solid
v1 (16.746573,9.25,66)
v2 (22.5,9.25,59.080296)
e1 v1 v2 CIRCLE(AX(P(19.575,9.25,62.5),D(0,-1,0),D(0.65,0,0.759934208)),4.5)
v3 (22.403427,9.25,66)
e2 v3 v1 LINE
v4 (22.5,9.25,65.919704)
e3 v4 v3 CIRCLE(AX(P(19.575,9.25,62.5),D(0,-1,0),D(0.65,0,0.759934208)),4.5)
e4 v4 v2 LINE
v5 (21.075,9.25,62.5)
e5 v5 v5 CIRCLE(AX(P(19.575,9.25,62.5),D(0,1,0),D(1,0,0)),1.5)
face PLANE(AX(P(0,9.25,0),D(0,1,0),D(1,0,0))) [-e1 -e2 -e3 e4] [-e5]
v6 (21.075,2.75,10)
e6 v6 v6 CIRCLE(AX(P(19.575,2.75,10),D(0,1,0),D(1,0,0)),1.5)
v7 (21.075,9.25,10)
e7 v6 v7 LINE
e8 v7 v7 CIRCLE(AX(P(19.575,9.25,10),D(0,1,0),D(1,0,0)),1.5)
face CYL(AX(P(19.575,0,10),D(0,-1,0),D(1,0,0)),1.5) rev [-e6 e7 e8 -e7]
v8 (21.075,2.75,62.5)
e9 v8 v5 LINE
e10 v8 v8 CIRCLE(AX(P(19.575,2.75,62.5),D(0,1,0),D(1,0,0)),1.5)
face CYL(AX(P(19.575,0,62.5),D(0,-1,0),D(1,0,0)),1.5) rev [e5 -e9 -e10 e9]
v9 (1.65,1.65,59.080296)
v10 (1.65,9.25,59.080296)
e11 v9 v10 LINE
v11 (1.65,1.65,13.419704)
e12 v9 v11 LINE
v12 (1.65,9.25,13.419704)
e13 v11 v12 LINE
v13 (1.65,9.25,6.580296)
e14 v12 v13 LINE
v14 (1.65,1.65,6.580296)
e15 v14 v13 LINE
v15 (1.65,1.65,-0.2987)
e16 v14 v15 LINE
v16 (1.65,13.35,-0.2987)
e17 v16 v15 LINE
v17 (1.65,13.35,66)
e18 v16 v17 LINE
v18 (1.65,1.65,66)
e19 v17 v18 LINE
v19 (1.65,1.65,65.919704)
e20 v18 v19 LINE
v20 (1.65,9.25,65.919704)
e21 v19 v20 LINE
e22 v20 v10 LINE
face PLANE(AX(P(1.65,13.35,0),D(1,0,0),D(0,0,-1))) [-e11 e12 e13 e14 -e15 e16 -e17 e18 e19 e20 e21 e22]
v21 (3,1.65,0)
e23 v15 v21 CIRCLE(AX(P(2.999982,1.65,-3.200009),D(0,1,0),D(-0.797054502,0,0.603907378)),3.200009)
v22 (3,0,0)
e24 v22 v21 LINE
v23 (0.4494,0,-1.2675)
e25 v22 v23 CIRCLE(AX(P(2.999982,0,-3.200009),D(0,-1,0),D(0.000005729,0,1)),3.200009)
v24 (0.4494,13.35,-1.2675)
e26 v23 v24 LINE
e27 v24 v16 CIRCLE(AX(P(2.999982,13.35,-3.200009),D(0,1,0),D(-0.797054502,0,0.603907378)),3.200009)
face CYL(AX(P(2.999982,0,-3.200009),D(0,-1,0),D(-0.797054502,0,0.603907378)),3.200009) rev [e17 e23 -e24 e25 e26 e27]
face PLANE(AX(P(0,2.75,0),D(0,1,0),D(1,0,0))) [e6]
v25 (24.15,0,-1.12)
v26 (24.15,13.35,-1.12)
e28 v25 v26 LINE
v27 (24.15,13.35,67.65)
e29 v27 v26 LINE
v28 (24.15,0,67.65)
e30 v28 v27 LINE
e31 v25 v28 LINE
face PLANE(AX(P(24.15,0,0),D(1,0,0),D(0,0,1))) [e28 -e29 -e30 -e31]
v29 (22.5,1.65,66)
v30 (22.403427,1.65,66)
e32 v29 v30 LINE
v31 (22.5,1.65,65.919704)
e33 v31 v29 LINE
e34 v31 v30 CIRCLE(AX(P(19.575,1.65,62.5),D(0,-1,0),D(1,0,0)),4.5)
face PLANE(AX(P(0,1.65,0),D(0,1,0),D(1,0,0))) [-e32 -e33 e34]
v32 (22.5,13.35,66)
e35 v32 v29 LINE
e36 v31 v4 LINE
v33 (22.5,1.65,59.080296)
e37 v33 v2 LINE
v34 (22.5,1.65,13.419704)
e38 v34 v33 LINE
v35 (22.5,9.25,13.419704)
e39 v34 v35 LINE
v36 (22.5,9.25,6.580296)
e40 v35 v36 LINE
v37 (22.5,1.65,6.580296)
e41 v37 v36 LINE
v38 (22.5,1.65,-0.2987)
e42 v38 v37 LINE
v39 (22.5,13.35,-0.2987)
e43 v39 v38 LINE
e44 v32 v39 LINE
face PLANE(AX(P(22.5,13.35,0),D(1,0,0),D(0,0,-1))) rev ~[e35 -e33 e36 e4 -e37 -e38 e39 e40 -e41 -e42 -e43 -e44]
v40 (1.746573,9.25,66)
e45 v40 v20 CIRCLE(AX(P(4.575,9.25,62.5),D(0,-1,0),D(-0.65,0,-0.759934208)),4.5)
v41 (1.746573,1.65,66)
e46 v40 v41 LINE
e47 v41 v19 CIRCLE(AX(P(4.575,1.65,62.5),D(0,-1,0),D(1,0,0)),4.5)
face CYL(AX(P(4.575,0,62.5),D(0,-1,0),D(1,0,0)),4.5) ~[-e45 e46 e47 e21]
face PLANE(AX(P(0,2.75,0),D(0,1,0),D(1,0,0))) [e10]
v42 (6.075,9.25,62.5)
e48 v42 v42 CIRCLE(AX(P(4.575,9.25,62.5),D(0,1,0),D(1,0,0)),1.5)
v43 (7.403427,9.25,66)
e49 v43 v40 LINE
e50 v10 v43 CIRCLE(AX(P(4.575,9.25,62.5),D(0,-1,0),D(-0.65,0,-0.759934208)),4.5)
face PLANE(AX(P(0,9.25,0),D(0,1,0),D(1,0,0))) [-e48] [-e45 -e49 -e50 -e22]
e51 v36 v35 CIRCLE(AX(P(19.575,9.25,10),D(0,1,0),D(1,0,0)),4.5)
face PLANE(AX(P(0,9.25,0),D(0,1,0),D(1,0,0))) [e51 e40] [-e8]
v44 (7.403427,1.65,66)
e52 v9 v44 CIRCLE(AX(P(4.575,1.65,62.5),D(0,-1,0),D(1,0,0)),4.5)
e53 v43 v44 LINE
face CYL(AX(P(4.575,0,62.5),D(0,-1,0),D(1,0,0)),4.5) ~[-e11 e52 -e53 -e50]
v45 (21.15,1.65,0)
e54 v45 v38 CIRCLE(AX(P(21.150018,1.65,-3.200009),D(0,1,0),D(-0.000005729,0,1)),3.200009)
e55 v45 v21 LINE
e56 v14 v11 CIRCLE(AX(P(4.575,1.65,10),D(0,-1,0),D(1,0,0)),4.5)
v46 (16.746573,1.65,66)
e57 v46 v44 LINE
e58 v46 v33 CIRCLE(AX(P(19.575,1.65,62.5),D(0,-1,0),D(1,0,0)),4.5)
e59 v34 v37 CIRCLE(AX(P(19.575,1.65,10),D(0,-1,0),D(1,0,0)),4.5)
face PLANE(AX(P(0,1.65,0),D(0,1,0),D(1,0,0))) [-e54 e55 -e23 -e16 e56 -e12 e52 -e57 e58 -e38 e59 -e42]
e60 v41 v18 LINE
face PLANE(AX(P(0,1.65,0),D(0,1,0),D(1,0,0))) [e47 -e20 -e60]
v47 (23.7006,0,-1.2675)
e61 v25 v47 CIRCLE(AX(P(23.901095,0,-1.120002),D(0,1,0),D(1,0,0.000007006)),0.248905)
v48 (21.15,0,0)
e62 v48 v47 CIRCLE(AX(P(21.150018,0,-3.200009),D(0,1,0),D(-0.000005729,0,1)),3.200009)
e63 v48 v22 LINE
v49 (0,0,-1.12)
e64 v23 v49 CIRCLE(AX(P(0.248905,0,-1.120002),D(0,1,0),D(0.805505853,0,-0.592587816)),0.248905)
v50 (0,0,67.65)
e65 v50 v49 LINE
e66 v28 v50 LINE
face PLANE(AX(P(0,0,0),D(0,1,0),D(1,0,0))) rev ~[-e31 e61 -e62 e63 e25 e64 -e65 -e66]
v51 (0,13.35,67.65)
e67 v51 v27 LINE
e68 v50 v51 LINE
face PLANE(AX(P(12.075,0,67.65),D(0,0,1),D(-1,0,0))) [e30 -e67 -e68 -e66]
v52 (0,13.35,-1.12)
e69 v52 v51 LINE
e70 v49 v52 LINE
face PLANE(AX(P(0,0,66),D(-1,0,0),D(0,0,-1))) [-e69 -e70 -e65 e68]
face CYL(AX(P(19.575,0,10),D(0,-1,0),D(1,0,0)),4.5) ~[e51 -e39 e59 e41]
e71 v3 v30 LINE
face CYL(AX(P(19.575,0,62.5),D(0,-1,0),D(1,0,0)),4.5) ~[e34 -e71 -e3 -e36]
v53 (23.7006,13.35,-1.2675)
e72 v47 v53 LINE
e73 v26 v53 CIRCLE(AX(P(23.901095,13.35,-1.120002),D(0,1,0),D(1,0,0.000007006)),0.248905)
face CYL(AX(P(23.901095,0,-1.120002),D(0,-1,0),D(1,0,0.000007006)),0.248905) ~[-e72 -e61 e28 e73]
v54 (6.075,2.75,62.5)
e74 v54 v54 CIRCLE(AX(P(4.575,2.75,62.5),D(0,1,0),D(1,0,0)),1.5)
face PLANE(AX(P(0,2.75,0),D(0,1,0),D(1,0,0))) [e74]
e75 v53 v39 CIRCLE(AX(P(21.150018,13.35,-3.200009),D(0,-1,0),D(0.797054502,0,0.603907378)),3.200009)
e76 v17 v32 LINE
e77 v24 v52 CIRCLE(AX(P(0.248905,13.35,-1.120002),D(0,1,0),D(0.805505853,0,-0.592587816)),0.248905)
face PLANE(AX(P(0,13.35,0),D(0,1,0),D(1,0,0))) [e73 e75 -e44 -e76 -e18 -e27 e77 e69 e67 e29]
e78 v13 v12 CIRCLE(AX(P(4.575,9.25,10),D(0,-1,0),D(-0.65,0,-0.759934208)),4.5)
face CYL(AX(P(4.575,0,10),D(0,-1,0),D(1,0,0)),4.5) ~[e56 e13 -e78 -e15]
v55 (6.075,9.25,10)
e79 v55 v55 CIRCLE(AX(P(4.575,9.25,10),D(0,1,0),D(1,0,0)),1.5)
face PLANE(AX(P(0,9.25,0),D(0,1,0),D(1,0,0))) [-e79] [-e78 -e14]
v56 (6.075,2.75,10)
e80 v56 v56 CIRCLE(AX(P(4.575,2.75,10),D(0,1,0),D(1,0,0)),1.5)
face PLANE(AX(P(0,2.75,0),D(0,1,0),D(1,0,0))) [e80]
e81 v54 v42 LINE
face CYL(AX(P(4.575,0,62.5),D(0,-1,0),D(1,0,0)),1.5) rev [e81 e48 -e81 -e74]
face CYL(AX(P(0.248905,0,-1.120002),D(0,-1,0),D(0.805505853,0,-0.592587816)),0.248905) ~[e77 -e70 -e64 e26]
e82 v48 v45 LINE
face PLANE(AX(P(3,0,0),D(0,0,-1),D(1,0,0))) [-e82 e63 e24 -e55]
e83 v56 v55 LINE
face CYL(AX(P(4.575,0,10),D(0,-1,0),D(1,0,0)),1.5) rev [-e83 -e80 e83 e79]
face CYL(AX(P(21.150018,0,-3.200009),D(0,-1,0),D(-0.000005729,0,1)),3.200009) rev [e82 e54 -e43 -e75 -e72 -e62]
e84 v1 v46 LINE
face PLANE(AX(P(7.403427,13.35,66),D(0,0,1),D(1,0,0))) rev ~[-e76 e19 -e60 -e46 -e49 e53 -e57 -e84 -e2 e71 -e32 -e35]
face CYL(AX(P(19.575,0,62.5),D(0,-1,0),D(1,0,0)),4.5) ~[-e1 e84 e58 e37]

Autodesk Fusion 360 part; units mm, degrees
sketch "スケッチ3" plane through (0, 0, 0) normal (0, 1, 0) x (1, 0, 0)
  line L0 (0, 0) -> (24.15, 0)
  line L1 (24.15, 0) -> (24.15, -67.65)
  line L2 (24.15, -67.65) -> (0, -67.65)
  line L3 (0, -67.65) -> (0, 0)
  arc A0 (21.15, 0) -> (23.7006, 1.2675) centre (21.15, 3.2) ccw
  line L4 (21.15, 3.2) -> (21.15, 0) construction
  line L5 (21.15, 3.2) -> (23.7006, 1.2675) construction
  line L6 (24.15, 0) -> (24.15, 1.12)
  arc A1 (24.15, 1.12) -> (23.7006, 1.2675) centre (23.9011, 1.12) ccw
  line L7 (22.5, -67.65) -> (22.5, 0.2987)
  line L8 (0, -66) -> (24, -66)
  circle A2 centre (19.575, -10) radius 1.5
  line L9 (12.075, -67.65) -> (12.075, 0)
  circle A3 centre (19.575, -62.5) radius 1.5
  arc A4 (0.4494, 1.2675) -> (3, 0) centre (3, 3.2) ccw
  line L10 (0, 0) -> (0, 1.12)
  arc A5 (0.4494, 1.2675) -> (0, 1.12) centre (0.2489, 1.12) ccw
  line L11 (1.65, -67.65) -> (1.65, 0.2987)
  circle A6 centre (4.575, -62.5) radius 1.5
  circle A7 centre (4.575, -10) radius 1.5
  circle A8 centre (6.575, -46.5) radius 1
  circle A9 centre (19.575, -62.5) radius 4.5
  circle A10 centre (19.575, -10) radius 4.5
  circle A11 centre (4.575, -62.5) radius 4.5
  circle A12 centre (4.575, -10) radius 4.5
  point P0 (21.15, 0)
  point P1 (21.15, 3.2)
  point P2 (23.9, 0.8469)
  dimension "d1" = 24.15
  dimension "d4" = 3.2
  dimension "d5" = 3
  dimension "d6" = 52.85
  dimension "d10" = 1.12
  dimension "d12" = 1.65
  dimension "d13" = 1.65
  dimension "d14" = 3
  dimension "d15" = 10
  dimension "d16" = 12.075
  dimension "d17" = 7.5
  dimension "d18" = 3
  dimension "d19" = 62.5
  dimension "d20" = 66
  dimension "d21" = 2
  dimension "d22" = 5.5
  dimension "d23" = 46.5
  dimension "d31" = 9
  dimension "d32" = 9
  dimension "d33" = 7.5
extrude "押し出し1" add sketch "スケッチ3" along normal blind 13.35 contours L0 L8 L9 L11 A11 A12 | L0 A4 L11 | L0 L7 L8 L9 A9 A10 | L0 L3 L8 L11 A11 A12 | L0 A4 L10 A5 L11 | L0 A0 L7 | L2 L8 L9 L11 A11 | L2 L7 L8 L9 A9 | L11 A12 | L11 A12 | L0 A0 L6 A1 L7 | L0 L1 L2 L7 A9 A10 | L8 A11 | L8 L11 A11 | L7 L8 A9 | L8 A9 | L2 L3 L8 L11 | L7 A10 | L7 A10 | L8 L11 A11 | L7 L8 A9 | L7 A9 | L11 A11 | A2 | A3 | A6 | A7 | A8
extrude "押し出し3" cut sketch "スケッチ3" against normal blind 11.7 from surface at 13.35 contours L0 L8 L9 L11 A11 A12 | L0 A4 L11 | L0 L7 L8 L9 A9 A10 | L0 A0 L7 | L11 A12 | L8 L11 A11 | L7 L8 A9 | L7 A10 | L8 L11 A11 | L7 L8 A9 | A2 | A3 | A6 | A7 | A8 picked at (2.125, -10) picked at (22.025, -10)
extrude "押し出し4" add sketch "スケッチ3" along normal blind 9.25 contours L11 A12 | L8 A11 | L8 L11 A11 | L7 L8 A9 | L8 A9 | L7 A10 picked at (2.125, -10) picked at (4.6124, -65.3319) picked at (19.5376, -65.3319) picked at (22.025, -10)
extrude "押し出し5" add sketch "スケッチ3" along normal blind 2.75 contours A2 | A3 | A6 | A7
